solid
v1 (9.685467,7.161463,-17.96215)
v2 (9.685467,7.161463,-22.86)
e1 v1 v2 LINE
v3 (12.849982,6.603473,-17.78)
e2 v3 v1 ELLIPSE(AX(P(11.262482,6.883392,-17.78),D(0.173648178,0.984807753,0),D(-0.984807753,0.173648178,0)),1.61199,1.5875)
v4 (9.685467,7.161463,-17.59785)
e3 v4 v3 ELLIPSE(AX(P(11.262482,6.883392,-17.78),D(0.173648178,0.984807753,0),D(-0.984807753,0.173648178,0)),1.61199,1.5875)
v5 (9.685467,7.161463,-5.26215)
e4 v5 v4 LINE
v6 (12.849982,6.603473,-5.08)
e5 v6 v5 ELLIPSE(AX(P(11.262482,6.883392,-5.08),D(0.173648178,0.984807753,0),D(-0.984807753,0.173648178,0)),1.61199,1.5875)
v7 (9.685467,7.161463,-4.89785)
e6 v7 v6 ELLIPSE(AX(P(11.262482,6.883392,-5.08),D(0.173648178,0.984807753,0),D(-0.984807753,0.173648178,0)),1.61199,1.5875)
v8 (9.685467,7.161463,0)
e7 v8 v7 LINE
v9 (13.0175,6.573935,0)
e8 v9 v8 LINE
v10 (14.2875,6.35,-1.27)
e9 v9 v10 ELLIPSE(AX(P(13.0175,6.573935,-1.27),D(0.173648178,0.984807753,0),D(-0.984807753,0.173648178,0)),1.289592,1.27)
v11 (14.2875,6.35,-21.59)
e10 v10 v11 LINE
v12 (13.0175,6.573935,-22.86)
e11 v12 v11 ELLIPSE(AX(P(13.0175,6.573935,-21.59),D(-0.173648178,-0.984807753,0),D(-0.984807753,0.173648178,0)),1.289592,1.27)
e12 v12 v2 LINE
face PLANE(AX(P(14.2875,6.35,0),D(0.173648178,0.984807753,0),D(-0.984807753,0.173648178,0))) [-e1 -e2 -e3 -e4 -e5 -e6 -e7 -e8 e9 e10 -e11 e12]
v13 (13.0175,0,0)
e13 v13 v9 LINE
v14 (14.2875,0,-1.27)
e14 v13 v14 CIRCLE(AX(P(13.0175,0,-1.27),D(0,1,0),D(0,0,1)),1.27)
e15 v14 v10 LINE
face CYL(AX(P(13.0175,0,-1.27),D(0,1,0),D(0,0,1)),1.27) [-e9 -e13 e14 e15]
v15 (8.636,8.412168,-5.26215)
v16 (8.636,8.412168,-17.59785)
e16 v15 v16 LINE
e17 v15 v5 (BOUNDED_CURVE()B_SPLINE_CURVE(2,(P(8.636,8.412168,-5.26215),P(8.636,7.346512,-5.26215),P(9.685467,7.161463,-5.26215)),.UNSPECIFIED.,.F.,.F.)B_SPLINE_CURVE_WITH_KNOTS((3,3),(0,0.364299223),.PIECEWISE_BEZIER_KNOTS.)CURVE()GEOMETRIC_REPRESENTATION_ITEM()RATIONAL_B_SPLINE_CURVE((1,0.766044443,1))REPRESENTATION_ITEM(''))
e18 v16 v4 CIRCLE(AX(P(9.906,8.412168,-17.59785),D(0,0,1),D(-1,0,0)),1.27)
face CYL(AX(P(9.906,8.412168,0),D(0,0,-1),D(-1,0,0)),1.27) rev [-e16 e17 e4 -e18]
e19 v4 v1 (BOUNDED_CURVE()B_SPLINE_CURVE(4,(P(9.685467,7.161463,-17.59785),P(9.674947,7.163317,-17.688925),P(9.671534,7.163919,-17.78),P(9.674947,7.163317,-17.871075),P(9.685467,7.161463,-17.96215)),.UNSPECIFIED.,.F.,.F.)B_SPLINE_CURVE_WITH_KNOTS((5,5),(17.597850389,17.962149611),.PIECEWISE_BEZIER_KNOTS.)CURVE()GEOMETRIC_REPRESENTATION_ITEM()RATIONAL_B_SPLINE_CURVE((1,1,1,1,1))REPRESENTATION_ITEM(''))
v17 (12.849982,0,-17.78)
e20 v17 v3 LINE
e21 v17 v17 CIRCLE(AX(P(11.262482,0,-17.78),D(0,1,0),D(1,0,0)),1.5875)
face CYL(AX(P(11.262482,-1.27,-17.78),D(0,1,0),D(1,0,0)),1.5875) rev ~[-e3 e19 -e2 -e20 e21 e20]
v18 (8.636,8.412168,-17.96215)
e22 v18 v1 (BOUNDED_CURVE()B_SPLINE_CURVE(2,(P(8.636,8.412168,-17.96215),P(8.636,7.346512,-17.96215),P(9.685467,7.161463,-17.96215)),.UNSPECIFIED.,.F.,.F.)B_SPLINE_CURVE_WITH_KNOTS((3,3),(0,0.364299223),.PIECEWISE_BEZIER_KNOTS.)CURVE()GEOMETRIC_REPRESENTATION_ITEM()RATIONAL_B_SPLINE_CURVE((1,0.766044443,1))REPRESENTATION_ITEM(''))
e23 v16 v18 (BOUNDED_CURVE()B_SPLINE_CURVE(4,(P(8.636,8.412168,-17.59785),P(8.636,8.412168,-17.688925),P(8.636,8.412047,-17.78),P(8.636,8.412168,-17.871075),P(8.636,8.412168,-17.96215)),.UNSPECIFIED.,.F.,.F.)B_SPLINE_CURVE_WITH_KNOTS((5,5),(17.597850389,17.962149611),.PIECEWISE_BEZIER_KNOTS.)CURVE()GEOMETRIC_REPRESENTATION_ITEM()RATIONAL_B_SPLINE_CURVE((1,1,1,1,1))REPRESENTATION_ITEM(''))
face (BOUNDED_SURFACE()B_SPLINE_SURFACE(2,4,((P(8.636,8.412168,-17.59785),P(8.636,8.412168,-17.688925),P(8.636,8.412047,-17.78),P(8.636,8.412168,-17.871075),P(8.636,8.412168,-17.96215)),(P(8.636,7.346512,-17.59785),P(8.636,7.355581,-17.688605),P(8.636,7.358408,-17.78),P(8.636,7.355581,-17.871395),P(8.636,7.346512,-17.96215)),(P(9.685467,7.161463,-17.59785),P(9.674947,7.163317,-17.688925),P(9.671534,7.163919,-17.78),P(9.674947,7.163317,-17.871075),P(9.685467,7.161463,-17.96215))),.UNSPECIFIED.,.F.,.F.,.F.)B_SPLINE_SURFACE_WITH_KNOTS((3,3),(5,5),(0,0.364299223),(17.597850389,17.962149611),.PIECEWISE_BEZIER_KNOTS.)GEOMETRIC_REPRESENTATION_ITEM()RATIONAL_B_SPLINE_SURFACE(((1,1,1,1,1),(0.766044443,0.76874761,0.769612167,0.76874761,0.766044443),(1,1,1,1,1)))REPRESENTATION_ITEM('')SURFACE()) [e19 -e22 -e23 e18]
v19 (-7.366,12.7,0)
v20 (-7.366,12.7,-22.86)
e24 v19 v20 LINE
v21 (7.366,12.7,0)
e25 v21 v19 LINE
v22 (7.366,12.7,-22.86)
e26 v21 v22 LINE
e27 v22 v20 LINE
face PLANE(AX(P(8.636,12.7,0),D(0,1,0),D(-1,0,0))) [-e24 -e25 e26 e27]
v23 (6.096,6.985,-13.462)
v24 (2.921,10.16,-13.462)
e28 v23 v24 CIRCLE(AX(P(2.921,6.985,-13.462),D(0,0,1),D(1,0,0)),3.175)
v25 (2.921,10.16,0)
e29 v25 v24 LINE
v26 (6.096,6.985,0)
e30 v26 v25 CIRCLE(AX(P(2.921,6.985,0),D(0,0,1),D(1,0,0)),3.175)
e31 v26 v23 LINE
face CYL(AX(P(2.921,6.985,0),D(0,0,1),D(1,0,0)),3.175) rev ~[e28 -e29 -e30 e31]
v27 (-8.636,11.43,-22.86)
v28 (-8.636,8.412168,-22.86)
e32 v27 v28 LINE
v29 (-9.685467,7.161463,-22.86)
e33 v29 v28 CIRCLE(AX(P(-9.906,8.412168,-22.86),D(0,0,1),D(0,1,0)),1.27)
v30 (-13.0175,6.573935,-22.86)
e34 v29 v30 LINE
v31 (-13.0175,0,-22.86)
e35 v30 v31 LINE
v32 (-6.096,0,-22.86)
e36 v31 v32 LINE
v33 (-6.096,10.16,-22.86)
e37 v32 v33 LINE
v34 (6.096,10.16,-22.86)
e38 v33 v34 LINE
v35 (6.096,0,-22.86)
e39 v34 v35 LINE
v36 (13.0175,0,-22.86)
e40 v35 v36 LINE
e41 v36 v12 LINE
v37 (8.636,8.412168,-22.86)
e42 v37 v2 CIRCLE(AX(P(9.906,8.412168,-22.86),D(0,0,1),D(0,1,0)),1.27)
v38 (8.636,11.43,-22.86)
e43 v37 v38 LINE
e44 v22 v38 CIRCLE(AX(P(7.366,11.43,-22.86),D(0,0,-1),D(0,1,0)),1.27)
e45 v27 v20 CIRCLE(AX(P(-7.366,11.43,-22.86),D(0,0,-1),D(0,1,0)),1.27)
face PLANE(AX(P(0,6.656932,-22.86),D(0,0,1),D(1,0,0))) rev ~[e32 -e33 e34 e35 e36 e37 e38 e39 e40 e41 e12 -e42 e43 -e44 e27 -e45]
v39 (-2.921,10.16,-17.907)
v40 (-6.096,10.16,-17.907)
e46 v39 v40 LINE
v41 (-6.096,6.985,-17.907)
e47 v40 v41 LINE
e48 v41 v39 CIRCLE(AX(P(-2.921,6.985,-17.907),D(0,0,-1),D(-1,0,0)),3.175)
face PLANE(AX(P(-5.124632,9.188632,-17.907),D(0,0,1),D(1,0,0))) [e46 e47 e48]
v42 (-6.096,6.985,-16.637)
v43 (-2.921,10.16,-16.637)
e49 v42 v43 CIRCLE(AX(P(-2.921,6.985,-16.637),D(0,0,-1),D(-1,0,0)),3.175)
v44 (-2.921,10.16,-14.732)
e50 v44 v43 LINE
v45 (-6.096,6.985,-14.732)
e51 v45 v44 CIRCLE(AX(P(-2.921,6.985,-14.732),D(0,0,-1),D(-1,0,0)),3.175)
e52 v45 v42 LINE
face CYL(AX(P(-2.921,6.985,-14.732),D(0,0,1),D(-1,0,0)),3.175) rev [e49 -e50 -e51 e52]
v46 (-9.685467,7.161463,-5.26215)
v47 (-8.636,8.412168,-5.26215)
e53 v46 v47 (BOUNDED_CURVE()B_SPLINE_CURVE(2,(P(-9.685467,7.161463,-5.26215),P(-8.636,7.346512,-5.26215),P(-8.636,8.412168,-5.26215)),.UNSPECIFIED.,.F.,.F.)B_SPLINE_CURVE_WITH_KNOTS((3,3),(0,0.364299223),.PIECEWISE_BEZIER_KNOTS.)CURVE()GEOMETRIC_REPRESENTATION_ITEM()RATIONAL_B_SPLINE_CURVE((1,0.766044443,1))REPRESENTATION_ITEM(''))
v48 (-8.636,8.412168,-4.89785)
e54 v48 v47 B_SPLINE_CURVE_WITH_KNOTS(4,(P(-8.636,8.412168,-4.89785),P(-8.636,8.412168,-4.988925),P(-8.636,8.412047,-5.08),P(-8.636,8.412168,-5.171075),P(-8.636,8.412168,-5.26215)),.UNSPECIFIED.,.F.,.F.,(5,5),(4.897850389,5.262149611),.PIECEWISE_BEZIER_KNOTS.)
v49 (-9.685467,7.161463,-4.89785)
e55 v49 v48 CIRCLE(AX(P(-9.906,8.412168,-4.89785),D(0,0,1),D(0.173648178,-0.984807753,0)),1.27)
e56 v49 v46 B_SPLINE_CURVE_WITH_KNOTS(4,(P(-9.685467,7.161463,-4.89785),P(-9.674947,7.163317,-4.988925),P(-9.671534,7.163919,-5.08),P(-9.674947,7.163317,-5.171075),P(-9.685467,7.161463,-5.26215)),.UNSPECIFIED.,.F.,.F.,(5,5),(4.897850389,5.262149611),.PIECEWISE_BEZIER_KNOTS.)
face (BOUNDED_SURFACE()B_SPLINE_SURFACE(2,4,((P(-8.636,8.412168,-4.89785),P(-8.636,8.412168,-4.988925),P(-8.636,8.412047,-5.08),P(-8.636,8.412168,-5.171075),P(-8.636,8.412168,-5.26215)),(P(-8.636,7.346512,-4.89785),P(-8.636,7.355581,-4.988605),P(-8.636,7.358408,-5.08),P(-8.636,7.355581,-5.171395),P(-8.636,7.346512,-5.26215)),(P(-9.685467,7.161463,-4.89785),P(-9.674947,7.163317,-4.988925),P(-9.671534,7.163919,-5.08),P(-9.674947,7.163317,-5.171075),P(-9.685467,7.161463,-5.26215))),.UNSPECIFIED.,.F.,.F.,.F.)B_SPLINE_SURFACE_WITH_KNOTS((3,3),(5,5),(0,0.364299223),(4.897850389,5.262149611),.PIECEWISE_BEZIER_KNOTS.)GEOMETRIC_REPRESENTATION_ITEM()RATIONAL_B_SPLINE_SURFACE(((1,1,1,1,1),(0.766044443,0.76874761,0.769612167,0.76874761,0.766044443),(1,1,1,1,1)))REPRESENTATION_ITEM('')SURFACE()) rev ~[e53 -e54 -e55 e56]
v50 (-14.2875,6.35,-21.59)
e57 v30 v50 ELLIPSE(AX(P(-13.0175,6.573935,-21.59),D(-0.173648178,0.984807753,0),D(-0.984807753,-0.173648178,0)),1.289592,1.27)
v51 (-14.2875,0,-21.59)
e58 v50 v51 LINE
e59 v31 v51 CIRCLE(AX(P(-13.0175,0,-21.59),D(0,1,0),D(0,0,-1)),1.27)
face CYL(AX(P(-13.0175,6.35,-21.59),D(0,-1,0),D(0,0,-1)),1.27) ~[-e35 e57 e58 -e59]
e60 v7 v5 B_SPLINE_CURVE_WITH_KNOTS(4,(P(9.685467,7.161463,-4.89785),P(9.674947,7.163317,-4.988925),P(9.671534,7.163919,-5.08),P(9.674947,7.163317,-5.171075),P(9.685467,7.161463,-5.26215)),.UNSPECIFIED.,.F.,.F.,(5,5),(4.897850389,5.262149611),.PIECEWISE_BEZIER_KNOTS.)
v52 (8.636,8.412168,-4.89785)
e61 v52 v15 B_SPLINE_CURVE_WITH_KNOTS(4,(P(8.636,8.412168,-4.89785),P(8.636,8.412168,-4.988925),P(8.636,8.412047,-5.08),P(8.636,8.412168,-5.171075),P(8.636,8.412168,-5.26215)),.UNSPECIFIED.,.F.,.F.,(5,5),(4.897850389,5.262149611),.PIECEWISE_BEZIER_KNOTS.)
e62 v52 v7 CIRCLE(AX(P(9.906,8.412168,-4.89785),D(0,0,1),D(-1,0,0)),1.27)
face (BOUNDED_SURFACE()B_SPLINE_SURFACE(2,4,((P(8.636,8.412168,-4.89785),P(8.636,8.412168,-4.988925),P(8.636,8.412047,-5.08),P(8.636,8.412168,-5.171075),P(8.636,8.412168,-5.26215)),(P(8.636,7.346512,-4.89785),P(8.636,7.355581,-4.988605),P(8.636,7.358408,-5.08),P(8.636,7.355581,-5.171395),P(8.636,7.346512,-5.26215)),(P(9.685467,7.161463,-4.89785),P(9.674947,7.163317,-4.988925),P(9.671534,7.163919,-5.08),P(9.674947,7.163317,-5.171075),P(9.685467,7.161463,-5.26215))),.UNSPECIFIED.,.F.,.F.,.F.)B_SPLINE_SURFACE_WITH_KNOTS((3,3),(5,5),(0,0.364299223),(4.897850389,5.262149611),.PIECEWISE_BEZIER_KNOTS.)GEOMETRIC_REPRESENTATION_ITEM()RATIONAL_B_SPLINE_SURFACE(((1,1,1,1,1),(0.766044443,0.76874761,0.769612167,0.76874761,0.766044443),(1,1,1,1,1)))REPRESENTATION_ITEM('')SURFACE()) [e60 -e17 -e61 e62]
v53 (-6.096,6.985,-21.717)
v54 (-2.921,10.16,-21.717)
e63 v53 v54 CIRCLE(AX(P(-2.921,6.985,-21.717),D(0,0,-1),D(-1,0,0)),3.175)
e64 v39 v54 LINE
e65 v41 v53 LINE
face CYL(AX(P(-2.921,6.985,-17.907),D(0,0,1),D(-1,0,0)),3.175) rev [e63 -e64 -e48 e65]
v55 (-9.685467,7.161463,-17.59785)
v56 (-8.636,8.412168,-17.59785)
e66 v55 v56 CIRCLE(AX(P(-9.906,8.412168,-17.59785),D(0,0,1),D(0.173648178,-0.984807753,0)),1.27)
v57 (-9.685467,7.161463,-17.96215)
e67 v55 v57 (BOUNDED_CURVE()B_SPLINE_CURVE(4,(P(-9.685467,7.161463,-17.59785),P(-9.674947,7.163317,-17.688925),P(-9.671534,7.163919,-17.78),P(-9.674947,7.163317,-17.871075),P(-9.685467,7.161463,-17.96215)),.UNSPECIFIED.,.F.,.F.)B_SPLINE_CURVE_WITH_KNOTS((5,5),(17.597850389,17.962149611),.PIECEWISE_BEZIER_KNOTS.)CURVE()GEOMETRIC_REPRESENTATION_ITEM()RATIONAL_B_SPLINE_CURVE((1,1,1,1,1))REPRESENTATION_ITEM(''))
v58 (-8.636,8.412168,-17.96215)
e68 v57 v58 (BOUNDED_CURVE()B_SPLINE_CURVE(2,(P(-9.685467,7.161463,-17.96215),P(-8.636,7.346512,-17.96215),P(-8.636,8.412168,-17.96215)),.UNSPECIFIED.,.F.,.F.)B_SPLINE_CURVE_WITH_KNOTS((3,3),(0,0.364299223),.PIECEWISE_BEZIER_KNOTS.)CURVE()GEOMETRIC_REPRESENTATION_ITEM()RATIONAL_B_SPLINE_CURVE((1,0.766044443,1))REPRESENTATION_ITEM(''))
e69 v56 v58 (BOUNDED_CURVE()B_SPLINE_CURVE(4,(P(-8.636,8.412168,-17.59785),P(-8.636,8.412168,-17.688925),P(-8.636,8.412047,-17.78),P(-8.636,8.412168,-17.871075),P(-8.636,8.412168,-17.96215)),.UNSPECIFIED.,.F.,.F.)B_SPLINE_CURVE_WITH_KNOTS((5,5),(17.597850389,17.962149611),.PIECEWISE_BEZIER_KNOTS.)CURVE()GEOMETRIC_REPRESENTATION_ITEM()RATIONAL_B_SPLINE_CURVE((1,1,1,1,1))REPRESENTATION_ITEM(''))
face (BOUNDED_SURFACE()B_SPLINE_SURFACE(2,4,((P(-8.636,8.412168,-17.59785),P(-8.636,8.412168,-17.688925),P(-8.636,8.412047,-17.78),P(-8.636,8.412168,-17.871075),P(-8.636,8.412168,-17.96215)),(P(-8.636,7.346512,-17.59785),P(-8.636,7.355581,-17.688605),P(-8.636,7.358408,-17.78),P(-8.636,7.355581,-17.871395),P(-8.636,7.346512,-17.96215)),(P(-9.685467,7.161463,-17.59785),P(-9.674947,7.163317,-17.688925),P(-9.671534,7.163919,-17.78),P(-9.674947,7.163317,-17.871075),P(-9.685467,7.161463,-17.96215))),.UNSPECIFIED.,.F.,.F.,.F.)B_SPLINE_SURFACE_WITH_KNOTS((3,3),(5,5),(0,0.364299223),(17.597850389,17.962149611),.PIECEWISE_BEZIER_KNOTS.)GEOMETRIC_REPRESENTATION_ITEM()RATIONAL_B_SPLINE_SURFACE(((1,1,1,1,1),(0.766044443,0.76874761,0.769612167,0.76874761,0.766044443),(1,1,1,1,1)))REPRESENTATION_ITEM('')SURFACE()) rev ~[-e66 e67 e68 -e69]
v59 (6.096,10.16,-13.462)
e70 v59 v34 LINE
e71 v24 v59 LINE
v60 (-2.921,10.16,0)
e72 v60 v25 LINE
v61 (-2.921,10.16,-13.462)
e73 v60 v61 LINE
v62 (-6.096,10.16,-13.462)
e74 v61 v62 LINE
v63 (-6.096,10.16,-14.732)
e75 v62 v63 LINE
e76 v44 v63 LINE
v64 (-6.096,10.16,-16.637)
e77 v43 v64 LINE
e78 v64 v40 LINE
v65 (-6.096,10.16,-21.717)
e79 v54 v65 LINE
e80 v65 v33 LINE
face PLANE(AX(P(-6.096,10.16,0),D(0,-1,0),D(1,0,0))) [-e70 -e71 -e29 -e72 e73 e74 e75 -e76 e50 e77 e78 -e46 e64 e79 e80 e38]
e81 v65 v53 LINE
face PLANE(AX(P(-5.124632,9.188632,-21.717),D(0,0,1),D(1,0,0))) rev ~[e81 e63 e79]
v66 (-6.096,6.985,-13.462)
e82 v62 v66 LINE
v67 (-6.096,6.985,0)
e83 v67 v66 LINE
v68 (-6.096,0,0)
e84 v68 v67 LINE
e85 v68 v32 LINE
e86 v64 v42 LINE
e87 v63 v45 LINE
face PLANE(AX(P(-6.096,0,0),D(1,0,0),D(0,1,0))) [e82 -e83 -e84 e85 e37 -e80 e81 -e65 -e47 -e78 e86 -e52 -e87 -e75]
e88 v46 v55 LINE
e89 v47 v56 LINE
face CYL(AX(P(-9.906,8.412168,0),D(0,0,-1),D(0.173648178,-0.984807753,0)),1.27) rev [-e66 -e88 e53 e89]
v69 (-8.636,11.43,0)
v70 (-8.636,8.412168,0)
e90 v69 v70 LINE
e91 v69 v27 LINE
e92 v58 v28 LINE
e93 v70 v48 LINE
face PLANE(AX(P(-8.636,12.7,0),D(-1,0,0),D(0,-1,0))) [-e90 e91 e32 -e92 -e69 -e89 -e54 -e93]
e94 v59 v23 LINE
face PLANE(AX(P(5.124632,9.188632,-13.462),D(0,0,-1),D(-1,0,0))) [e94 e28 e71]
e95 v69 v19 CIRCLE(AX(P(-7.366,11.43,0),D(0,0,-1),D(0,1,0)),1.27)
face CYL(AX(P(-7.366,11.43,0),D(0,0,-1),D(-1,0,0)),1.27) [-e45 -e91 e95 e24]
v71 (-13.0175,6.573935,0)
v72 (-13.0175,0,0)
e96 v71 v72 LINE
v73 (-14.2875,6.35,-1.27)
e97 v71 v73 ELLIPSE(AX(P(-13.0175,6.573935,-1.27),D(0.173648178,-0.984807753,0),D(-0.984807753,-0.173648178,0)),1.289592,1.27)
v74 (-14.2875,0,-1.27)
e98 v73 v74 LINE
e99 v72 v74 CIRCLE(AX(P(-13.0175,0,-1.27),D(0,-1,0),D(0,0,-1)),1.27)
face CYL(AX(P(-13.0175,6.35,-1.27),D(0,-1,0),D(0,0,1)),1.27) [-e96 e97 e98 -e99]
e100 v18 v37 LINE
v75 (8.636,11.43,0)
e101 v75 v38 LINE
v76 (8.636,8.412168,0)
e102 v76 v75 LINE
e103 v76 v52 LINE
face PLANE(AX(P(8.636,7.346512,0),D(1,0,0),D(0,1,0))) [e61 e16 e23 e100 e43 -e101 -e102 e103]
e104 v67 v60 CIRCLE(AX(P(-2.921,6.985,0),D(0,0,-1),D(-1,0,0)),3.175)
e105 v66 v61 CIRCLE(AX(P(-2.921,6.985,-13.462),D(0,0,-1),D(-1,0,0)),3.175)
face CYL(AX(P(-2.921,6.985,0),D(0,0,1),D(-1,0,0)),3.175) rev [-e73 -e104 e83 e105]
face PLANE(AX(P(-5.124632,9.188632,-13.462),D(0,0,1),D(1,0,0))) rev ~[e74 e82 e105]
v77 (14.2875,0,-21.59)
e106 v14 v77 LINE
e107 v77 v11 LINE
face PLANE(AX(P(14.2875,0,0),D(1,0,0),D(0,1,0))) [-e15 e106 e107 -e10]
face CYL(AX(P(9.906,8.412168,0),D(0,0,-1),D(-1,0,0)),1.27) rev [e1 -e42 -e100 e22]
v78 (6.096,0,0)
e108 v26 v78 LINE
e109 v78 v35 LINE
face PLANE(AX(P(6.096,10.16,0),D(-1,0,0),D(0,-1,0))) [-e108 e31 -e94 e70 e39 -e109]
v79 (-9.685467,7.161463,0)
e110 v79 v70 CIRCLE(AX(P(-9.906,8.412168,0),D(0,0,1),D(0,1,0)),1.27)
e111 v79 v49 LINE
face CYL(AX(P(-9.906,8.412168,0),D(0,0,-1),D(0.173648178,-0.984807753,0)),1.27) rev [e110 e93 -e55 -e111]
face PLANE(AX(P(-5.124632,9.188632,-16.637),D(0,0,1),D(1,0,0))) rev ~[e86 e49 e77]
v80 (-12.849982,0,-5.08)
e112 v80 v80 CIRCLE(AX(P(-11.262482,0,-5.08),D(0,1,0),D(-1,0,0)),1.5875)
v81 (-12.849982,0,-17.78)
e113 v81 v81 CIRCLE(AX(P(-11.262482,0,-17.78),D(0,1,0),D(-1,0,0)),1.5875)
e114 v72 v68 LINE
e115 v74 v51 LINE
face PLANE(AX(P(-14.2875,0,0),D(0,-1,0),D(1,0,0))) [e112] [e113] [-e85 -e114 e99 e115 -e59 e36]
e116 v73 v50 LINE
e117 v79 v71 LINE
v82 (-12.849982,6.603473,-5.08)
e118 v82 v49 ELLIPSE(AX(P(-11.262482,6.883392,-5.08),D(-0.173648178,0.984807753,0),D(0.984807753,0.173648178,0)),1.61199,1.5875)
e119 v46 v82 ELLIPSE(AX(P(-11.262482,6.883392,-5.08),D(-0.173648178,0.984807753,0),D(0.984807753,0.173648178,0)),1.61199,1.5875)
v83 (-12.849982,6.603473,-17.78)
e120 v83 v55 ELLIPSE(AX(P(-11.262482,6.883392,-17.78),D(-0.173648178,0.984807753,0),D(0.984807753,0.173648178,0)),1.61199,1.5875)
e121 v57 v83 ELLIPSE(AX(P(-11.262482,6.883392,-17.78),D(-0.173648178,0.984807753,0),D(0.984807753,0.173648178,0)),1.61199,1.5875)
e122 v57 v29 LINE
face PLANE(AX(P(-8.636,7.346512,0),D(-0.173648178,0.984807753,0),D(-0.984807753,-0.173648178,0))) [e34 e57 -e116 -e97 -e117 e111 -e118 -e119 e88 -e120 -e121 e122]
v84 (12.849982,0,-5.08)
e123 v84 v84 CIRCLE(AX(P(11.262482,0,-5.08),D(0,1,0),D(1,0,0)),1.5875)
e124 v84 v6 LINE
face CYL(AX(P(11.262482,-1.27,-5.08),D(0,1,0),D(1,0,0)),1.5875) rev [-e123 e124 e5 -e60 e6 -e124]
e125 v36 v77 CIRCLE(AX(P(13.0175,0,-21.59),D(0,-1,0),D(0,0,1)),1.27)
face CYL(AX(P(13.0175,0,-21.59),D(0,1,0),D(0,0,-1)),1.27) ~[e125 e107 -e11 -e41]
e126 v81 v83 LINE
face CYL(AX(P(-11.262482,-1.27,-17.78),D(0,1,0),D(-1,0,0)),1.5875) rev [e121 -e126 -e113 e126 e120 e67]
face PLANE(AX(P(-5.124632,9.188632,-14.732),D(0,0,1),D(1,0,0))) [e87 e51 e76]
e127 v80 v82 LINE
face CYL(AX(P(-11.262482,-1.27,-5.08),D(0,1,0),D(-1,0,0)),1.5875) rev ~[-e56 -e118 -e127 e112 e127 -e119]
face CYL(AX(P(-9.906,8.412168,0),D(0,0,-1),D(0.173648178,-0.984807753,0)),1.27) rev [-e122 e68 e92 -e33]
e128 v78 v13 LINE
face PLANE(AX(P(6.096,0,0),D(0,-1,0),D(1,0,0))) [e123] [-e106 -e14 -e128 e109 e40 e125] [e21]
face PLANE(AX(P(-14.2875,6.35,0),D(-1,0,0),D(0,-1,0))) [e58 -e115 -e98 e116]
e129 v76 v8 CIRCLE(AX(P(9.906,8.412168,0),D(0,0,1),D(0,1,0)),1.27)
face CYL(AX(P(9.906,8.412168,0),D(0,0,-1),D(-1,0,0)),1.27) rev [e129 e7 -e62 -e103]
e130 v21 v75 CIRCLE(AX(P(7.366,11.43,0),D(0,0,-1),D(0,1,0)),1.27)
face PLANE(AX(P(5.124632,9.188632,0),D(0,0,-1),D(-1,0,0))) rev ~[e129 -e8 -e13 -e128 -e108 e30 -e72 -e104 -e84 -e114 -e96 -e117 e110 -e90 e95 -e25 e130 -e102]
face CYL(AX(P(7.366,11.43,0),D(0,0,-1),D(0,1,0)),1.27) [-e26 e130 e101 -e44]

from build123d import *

# Parameters (mm, degrees)
BOSS_EXTRUDE1_DEPTH = 22.86
BOSS_EXTRUDE2_DEPTH = 13.462
BOSS_EXTRUDE3_START = -1.27
BOSS_EXTRUDE3_DEPTH = 1.905
BOSS_EXTRUDE4_START = -1.27
BOSS_EXTRUDE4_DEPTH = 3.81
FILLET1_R           = 1.27


with BuildPart() as part:
    # Sketch1 → Boss-Extrude1 (new body)
    with BuildSketch(Plane.XY):
        Polygon((-6.096, 10.16), (6.096, 10.16), (6.096, 0), (14.2875, 0), (14.2875, 6.35), (8.636, 7.346511931), (8.636, 12.7), (-8.636, 12.7), (-8.636, 7.346511931), (-14.2875, 6.35), (-14.2875, 0), (-6.096, 0), align=None)
    extrude(amount=-BOSS_EXTRUDE1_DEPTH)

    # Sketch2 → Boss-Extrude2 (add)
    with BuildSketch(Plane.XY):
        with BuildLine():
            Line((2.921, 10.16), (6.096, 10.16))
            Line((6.096, 10.16), (6.096, 6.985))
            ThreePointArc((6.096, 6.985), (5.16606403, 9.23006403), (2.921, 10.16))
        make_face()
        with BuildLine():
            Line((-6.096, 10.16), (-6.096, 6.985))
            ThreePointArc((-6.096, 6.985), (-5.16606403, 9.23006403), (-2.921, 10.16))
            Line((-2.921, 10.16), (-6.096, 10.16))
        make_face()
    extrude(amount=-BOSS_EXTRUDE2_DEPTH)

    # Sketch3 → Boss-Extrude3 (add)
    with BuildSketch(Plane.XY.offset(-13.462).offset(BOSS_EXTRUDE3_START)):
        with BuildLine():
            Line((-6.096, 10.16), (-6.096, 6.985))
            ThreePointArc((-6.096, 6.985), (-5.16606403, 9.23006403), (-2.921, 10.16))
            Line((-2.921, 10.16), (-6.096, 10.16))
        make_face()
    extrude(amount=-BOSS_EXTRUDE3_DEPTH)

    # Sketch4 → Boss-Extrude4 (add)
    with BuildSketch(Plane.XY.offset(-16.637).offset(BOSS_EXTRUDE4_START)):
        with BuildLine():
            Line((-6.096, 10.16), (-6.096, 6.985))
            ThreePointArc((-6.096, 6.985), (-5.16606403, 9.23006403), (-2.921, 10.16))
            Line((-2.921, 10.16), (-6.096, 10.16))
        make_face()
    extrude(amount=-BOSS_EXTRUDE4_DEPTH)

    # Sketch6 → Cut-Revolve1 (revolve, cut)
    with BuildSketch(Plane.XY.offset(-5.08)):
        Polygon((11.262482277, -1.27), (12.849982277, -1.27), (12.849982277, 6.60347316), (12.849982277, 9.423392242), (11.262482277, 9.423392242), (11.262482277, 6.883392242), align=None)
    cut_revolve1 = revolve(axis=Axis((11.262482277, -1.27, -5.08), (0, -1, 0)), mode=Mode.SUBTRACT)

    # Mirror1: Cut-Revolve1 across plane
    add(cut_revolve1.mirror(Plane(origin=(0, 0, 0), x_dir=(0, 0, 1), z_dir=(1, 0, 0))), mode=Mode.SUBTRACT)

    # Mirror2: Cut-Revolve1 across plane
    add(cut_revolve1.mirror(Plane.XY.offset(-11.43)), mode=Mode.SUBTRACT)

    # Mirror2 copy 1 sketch → Mirror2 copy 1 (revolve, cut)
    with BuildSketch(Plane(origin=(0, 0, -17.78), x_dir=(-1, 0, 0), z_dir=(0, 0, -1))):
        Polygon((11.262482277, -1.27), (12.849982277, -1.27), (12.849982277, 6.60347316), (12.849982277, 9.423392242), (11.262482277, 9.423392242), (11.262482277, 6.883392242), align=None)
    revolve(axis=Axis((-11.262482277, -1.27, -17.78), (0, -1, 0)), mode=Mode.SUBTRACT)

    # Fillet1
    fillet1_edges = [part.edges().sort_by_distance(p)[0] for p in [
        (-14.2875, 3.175, 0),
        (14.2875, 3.175, 0),
        (14.2875, 3.175, -22.86),
        (-8.636, 7.346511931, -11.43),
        (-8.636, 12.7, -11.43),
        (8.636, 12.7, -11.43),
        (8.636, 7.346511931, -11.43),
        (-14.2875, 3.175, -22.86),
    ]]
    fillet(fillet1_edges, radius=FILLET1_R)


solid = part.part
